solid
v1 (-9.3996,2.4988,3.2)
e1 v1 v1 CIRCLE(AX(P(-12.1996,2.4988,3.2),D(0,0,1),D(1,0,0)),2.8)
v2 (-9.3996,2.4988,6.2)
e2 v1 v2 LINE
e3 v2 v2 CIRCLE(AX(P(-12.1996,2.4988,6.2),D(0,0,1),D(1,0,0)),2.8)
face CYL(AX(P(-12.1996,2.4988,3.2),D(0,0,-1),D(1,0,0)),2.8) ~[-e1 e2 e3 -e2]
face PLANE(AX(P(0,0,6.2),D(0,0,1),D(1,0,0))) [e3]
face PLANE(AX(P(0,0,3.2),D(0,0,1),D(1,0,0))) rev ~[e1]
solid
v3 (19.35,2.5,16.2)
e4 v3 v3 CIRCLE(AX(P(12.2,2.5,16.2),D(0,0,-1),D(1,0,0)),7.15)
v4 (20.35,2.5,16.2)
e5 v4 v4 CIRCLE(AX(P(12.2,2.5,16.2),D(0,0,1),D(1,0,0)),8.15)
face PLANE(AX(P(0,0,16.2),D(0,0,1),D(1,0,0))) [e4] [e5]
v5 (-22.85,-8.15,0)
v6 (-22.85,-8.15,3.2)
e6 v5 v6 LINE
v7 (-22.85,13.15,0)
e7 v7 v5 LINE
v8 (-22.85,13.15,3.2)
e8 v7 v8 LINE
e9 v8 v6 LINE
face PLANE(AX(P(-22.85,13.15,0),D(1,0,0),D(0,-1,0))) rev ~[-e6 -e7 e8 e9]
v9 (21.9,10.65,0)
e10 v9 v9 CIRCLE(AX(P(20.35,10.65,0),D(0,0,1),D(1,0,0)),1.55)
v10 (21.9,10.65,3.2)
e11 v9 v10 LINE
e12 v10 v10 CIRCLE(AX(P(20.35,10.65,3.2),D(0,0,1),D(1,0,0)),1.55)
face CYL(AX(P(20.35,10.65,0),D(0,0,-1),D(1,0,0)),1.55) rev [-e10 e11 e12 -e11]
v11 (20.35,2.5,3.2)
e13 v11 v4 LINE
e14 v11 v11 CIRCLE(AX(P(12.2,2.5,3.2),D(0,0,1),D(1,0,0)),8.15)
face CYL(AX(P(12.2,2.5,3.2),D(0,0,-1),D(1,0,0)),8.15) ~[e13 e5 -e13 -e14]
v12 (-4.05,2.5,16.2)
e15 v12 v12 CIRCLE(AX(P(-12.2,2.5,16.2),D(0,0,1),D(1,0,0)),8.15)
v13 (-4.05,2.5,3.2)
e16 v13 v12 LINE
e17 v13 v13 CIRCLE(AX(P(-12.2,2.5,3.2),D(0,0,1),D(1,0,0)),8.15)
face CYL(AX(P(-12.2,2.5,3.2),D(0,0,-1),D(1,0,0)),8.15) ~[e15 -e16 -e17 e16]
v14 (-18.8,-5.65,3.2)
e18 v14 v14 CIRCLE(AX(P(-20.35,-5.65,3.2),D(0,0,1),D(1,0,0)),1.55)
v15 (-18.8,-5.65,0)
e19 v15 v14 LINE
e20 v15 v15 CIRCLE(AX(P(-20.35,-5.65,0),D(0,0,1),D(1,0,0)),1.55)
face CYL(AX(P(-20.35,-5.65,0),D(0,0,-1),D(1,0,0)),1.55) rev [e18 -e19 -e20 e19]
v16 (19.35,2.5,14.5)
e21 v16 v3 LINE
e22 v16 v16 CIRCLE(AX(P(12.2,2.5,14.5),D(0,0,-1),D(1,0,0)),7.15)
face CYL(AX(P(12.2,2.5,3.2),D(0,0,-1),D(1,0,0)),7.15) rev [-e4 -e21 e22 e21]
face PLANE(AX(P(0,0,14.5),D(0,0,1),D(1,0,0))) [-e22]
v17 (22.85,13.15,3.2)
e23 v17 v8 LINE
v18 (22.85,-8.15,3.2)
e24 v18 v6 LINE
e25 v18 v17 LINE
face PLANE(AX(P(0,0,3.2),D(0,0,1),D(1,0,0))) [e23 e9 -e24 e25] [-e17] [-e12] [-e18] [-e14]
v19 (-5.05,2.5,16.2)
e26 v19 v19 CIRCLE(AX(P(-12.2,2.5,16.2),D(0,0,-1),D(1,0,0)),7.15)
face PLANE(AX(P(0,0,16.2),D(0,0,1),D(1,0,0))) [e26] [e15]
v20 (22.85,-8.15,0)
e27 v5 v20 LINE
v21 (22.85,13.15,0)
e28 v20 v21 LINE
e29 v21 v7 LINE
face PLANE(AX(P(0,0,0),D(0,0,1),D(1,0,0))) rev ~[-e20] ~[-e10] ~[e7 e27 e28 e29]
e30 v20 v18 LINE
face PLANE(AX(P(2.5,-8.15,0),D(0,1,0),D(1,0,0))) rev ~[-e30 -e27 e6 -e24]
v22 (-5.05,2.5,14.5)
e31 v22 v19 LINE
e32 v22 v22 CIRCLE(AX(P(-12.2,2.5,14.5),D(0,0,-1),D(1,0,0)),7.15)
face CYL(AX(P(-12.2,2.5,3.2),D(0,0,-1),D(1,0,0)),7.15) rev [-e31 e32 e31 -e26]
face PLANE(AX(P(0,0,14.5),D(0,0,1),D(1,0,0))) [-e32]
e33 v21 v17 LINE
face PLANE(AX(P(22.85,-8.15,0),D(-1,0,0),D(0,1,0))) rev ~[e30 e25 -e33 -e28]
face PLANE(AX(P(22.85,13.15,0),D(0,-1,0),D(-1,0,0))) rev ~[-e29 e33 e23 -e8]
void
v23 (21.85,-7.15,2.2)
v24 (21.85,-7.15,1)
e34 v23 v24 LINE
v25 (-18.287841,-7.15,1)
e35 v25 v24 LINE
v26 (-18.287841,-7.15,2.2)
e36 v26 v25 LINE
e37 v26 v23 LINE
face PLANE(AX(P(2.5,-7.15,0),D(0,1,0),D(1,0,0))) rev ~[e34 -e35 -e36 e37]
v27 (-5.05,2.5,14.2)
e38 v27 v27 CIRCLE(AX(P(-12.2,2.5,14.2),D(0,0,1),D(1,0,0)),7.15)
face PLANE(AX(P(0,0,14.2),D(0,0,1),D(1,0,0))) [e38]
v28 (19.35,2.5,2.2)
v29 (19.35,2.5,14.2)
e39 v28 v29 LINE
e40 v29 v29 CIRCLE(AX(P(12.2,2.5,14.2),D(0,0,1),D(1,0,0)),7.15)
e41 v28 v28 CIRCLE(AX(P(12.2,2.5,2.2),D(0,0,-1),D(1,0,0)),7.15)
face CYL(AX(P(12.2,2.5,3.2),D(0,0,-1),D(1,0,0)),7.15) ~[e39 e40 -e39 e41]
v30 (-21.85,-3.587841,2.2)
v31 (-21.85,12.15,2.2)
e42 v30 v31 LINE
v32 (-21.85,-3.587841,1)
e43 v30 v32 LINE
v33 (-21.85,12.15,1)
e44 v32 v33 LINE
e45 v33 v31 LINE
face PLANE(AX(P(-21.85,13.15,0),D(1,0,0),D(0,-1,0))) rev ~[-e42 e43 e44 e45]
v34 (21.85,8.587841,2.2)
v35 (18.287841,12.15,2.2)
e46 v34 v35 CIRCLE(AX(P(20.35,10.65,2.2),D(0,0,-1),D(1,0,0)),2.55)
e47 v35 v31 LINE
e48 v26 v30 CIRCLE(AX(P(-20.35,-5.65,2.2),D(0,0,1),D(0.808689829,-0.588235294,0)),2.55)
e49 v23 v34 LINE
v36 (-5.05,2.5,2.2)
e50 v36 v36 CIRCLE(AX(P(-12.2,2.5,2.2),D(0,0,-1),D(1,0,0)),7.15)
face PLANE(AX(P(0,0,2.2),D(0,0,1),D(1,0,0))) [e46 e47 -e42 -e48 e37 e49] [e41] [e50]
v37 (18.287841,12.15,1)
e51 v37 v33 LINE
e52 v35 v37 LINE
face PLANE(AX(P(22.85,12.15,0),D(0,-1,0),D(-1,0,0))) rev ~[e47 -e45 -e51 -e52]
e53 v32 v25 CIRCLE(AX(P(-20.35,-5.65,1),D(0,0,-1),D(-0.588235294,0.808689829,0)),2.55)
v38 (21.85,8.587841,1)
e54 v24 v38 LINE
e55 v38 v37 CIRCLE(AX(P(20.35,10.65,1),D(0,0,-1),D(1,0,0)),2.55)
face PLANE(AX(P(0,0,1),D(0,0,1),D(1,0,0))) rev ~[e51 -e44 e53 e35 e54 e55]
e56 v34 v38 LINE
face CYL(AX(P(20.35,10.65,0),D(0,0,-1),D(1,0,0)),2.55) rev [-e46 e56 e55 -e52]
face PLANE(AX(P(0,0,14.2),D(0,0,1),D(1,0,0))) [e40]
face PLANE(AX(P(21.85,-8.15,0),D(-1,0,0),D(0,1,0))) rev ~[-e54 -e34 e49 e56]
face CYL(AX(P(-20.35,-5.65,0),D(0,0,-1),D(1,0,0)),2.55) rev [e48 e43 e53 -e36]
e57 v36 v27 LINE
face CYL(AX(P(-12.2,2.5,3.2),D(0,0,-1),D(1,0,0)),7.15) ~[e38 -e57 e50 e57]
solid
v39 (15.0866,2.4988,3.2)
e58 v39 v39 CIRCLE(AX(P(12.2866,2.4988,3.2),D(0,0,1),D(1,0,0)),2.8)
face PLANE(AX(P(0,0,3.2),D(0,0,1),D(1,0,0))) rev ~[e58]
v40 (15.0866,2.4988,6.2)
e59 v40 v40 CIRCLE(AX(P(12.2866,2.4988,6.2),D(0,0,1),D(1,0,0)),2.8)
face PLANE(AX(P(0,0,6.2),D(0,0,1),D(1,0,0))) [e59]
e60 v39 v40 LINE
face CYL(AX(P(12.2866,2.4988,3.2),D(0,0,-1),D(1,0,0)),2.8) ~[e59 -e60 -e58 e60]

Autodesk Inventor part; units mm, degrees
ref_plane "YZ Plane" through (0, 0, 0) normal (1, 0, 0) x (0, 1, 0)
ref_plane "XZ Plane" through (0, 0, 0) normal (0, 1, 0) x (-1, 0, 0)
sketch "スケッチ1" plane through (0, 0, 0) normal (0, 0, 1) x (1, 0, 0)
  line L0 (22.85, 13.15) -> (-22.85, 13.15)
  line L1 (-22.85, 13.15) -> (-22.85, -8.15)
  line L2 (-22.85, -8.15) -> (22.85, -8.15)
  line L3 (22.85, -8.15) -> (22.85, 13.15)
  circle A0 centre (20.35, 10.65) radius 1.55
  circle A1 centre (-20.35, -5.65) radius 1.55
  circle A2 centre (12.2, 2.5) radius 8.15
  circle A3 centre (-12.2, 2.5) radius 8.15
  line L4 (-2.5, -13.15) -> (-2.5, -8.15)
  line L5 (0, -8.15) -> (0, -13.15)
  line L6 (2.5, -13.15) -> (2.5, -8.15)
  point P0 (0, 0)
extrude "押し出し1" add sketch "スケッチ1" along normal blind 3.2 contours L3 L2 L1 L0 | A2 | A3
sketch "スケッチ2" plane through (0, 0, 3.2) normal (0, 0, 1) x (1, 0, 0)
  line L0 (22.85, 13.15) -> (-22.85, 13.15)
  line L1 (-22.85, 13.15) -> (-22.85, -8.15)
  line L2 (-22.85, -8.15) -> (22.85, -8.15)
  line L3 (22.85, -8.15) -> (22.85, 13.15)
  circle A0 centre (20.35, 10.65) radius 1.55
  circle A1 centre (-20.35, -5.65) radius 1.55
  circle A2 centre (12.2, 2.5) radius 8.15
  circle A3 centre (-12.2, 2.5) radius 8.15
  line L4 (-2.5, -13.15) -> (-2.5, -8.15)
  line L5 (0, -8.15) -> (0, -13.15)
  line L6 (2.5, -13.15) -> (2.5, -8.15)
  point P0 (0, 0)
extrude "押し出し2" add sketch "スケッチ2" along normal blind 13 contours A2 | A3
shell "シェル1" thickness 1 removed faces 2 at (-11.3117, 0.2642, 16.2) at (12.9427, 4.4582, 16.2)
ref_plane "作業平面2" through (0, 0, 14.2) normal (0, 0, 1) x (1, 0, 0)
sketch "スケッチ6" plane through (0, 0, 14.2) normal (0, 0, 1) x (1, 0, 0)
  circle A0 centre (-12.2, 2.5) radius 7.15 projected
  line L0 (-19.35, 2.5) -> (-5.05, 2.5)
  circle A1 centre (-12.2, 2.5) radius 7.15
  line L1 (-19.052, 4.5426) -> (-5.3543, 4.5637)
  line L2 (-18.3489, 6.1487) -> (-5.9959, 6.0541)
  line L3 (-17.2114, 7.5999) -> (-7.2004, 7.6115)
  line L4 (-19.1499, 0.8202) -> (-5.2376, 0.8727)
  line L5 (-18.534, -0.8171) -> (-5.6692, -0.4105)
  line L6 (-17.3855, -2.4227) -> (-7.0375, -2.4468)
  line L7 (-16.0004, -3.5563) -> (-8.3492, -3.5245)
  line L8 (-17.2114, 7.5999) -> (-17.3855, -2.4227)
  line L9 (-14.4249, 9.295) -> (-14.3135, -4.3305)
  line L10 (-13.1954, 9.5804) -> (-13.1455, -4.5872)
  line L11 (-11.4954, 9.6152) -> (-11.3318, -4.5971)
  line L12 (-12.4363, 9.6461) -> (-12.1311, -4.6497)
  line L13 (-10.5067, 9.4466) -> (-10.5519, -4.4575)
  line L14 (-9.4473, 9.0989) -> (-9.235, -4.0063)
  line L15 (-8.5464, 8.646) -> (-8.3492, -3.5245)
  line L16 (-7.2004, 7.6115) -> (-7.0375, -2.4468)
  line L17 (-6.2491, 6.4635) -> (-6.0315, -0.4219)
  line L18 (-5.3543, 4.5637) -> (-5.2376, 0.8727)
  line L19 (-16.2779, 8.3731) -> (-16.2973, -3.3596)
  line L20 (-15.5086, 8.8384) -> (-15.311, -3.9377)
  line L21 (-15.5086, 8.8384) -> (-8.1551, 8.3959)
  line L22 (-19.2523, 3.678) -> (-5.1166, 3.4733)
  line L23 (-19.2938, 1.605) -> (-5.0932, 1.7148)
  line L24 (-18.0596, 6.5972) -> (-18.2101, -1.3732)
  line L25 (-18.8956, -0.0083) -> (-5.4358, 0.183)
  line L26 (-17.9612, -1.7345) -> (-6.2041, -1.3951)
  line L27 (-6.0315, -0.4219) -> (-6.2041, -1.3951)
  point P0 (0, 0)
sketch "スケッチ7" plane through (0, 0, 14.2) normal (0, 0, 1) x (1, 0, 0)
  circle A0 centre (-12.2, 2.5) radius 7.15 projected
  line L0 (-19.35, 2.5) -> (-12.2, 2.5)
  circle A1 centre (-12.2, 2.5) radius 7.15
  circle A2 centre (12.2, 2.5) radius 7.15 projected
  line L1 (5.05, 2.5) -> (12.2, 2.5)
  circle A3 centre (12.2, 2.5) radius 7.15
  point P0 (0, 0)
sketch "スケッチ8" plane through (0, 0, 3.2) normal (0, 0, 1) x (1, 0, 0)
  circle A0 centre (-12.1996, 2.4988) radius 2.8
  circle A1 centre (12.2866, 2.4988) radius 2.8
  point P0 (0, 0)
  dimension "d8" = 5.6
  dimension "d9" = 5.6
extrude "押し出し4" add sketch "スケッチ8" along normal blind 3
extrude "押し出し5" add sketch "スケッチ7" along normal blind 0.3
properties part number "ping"
